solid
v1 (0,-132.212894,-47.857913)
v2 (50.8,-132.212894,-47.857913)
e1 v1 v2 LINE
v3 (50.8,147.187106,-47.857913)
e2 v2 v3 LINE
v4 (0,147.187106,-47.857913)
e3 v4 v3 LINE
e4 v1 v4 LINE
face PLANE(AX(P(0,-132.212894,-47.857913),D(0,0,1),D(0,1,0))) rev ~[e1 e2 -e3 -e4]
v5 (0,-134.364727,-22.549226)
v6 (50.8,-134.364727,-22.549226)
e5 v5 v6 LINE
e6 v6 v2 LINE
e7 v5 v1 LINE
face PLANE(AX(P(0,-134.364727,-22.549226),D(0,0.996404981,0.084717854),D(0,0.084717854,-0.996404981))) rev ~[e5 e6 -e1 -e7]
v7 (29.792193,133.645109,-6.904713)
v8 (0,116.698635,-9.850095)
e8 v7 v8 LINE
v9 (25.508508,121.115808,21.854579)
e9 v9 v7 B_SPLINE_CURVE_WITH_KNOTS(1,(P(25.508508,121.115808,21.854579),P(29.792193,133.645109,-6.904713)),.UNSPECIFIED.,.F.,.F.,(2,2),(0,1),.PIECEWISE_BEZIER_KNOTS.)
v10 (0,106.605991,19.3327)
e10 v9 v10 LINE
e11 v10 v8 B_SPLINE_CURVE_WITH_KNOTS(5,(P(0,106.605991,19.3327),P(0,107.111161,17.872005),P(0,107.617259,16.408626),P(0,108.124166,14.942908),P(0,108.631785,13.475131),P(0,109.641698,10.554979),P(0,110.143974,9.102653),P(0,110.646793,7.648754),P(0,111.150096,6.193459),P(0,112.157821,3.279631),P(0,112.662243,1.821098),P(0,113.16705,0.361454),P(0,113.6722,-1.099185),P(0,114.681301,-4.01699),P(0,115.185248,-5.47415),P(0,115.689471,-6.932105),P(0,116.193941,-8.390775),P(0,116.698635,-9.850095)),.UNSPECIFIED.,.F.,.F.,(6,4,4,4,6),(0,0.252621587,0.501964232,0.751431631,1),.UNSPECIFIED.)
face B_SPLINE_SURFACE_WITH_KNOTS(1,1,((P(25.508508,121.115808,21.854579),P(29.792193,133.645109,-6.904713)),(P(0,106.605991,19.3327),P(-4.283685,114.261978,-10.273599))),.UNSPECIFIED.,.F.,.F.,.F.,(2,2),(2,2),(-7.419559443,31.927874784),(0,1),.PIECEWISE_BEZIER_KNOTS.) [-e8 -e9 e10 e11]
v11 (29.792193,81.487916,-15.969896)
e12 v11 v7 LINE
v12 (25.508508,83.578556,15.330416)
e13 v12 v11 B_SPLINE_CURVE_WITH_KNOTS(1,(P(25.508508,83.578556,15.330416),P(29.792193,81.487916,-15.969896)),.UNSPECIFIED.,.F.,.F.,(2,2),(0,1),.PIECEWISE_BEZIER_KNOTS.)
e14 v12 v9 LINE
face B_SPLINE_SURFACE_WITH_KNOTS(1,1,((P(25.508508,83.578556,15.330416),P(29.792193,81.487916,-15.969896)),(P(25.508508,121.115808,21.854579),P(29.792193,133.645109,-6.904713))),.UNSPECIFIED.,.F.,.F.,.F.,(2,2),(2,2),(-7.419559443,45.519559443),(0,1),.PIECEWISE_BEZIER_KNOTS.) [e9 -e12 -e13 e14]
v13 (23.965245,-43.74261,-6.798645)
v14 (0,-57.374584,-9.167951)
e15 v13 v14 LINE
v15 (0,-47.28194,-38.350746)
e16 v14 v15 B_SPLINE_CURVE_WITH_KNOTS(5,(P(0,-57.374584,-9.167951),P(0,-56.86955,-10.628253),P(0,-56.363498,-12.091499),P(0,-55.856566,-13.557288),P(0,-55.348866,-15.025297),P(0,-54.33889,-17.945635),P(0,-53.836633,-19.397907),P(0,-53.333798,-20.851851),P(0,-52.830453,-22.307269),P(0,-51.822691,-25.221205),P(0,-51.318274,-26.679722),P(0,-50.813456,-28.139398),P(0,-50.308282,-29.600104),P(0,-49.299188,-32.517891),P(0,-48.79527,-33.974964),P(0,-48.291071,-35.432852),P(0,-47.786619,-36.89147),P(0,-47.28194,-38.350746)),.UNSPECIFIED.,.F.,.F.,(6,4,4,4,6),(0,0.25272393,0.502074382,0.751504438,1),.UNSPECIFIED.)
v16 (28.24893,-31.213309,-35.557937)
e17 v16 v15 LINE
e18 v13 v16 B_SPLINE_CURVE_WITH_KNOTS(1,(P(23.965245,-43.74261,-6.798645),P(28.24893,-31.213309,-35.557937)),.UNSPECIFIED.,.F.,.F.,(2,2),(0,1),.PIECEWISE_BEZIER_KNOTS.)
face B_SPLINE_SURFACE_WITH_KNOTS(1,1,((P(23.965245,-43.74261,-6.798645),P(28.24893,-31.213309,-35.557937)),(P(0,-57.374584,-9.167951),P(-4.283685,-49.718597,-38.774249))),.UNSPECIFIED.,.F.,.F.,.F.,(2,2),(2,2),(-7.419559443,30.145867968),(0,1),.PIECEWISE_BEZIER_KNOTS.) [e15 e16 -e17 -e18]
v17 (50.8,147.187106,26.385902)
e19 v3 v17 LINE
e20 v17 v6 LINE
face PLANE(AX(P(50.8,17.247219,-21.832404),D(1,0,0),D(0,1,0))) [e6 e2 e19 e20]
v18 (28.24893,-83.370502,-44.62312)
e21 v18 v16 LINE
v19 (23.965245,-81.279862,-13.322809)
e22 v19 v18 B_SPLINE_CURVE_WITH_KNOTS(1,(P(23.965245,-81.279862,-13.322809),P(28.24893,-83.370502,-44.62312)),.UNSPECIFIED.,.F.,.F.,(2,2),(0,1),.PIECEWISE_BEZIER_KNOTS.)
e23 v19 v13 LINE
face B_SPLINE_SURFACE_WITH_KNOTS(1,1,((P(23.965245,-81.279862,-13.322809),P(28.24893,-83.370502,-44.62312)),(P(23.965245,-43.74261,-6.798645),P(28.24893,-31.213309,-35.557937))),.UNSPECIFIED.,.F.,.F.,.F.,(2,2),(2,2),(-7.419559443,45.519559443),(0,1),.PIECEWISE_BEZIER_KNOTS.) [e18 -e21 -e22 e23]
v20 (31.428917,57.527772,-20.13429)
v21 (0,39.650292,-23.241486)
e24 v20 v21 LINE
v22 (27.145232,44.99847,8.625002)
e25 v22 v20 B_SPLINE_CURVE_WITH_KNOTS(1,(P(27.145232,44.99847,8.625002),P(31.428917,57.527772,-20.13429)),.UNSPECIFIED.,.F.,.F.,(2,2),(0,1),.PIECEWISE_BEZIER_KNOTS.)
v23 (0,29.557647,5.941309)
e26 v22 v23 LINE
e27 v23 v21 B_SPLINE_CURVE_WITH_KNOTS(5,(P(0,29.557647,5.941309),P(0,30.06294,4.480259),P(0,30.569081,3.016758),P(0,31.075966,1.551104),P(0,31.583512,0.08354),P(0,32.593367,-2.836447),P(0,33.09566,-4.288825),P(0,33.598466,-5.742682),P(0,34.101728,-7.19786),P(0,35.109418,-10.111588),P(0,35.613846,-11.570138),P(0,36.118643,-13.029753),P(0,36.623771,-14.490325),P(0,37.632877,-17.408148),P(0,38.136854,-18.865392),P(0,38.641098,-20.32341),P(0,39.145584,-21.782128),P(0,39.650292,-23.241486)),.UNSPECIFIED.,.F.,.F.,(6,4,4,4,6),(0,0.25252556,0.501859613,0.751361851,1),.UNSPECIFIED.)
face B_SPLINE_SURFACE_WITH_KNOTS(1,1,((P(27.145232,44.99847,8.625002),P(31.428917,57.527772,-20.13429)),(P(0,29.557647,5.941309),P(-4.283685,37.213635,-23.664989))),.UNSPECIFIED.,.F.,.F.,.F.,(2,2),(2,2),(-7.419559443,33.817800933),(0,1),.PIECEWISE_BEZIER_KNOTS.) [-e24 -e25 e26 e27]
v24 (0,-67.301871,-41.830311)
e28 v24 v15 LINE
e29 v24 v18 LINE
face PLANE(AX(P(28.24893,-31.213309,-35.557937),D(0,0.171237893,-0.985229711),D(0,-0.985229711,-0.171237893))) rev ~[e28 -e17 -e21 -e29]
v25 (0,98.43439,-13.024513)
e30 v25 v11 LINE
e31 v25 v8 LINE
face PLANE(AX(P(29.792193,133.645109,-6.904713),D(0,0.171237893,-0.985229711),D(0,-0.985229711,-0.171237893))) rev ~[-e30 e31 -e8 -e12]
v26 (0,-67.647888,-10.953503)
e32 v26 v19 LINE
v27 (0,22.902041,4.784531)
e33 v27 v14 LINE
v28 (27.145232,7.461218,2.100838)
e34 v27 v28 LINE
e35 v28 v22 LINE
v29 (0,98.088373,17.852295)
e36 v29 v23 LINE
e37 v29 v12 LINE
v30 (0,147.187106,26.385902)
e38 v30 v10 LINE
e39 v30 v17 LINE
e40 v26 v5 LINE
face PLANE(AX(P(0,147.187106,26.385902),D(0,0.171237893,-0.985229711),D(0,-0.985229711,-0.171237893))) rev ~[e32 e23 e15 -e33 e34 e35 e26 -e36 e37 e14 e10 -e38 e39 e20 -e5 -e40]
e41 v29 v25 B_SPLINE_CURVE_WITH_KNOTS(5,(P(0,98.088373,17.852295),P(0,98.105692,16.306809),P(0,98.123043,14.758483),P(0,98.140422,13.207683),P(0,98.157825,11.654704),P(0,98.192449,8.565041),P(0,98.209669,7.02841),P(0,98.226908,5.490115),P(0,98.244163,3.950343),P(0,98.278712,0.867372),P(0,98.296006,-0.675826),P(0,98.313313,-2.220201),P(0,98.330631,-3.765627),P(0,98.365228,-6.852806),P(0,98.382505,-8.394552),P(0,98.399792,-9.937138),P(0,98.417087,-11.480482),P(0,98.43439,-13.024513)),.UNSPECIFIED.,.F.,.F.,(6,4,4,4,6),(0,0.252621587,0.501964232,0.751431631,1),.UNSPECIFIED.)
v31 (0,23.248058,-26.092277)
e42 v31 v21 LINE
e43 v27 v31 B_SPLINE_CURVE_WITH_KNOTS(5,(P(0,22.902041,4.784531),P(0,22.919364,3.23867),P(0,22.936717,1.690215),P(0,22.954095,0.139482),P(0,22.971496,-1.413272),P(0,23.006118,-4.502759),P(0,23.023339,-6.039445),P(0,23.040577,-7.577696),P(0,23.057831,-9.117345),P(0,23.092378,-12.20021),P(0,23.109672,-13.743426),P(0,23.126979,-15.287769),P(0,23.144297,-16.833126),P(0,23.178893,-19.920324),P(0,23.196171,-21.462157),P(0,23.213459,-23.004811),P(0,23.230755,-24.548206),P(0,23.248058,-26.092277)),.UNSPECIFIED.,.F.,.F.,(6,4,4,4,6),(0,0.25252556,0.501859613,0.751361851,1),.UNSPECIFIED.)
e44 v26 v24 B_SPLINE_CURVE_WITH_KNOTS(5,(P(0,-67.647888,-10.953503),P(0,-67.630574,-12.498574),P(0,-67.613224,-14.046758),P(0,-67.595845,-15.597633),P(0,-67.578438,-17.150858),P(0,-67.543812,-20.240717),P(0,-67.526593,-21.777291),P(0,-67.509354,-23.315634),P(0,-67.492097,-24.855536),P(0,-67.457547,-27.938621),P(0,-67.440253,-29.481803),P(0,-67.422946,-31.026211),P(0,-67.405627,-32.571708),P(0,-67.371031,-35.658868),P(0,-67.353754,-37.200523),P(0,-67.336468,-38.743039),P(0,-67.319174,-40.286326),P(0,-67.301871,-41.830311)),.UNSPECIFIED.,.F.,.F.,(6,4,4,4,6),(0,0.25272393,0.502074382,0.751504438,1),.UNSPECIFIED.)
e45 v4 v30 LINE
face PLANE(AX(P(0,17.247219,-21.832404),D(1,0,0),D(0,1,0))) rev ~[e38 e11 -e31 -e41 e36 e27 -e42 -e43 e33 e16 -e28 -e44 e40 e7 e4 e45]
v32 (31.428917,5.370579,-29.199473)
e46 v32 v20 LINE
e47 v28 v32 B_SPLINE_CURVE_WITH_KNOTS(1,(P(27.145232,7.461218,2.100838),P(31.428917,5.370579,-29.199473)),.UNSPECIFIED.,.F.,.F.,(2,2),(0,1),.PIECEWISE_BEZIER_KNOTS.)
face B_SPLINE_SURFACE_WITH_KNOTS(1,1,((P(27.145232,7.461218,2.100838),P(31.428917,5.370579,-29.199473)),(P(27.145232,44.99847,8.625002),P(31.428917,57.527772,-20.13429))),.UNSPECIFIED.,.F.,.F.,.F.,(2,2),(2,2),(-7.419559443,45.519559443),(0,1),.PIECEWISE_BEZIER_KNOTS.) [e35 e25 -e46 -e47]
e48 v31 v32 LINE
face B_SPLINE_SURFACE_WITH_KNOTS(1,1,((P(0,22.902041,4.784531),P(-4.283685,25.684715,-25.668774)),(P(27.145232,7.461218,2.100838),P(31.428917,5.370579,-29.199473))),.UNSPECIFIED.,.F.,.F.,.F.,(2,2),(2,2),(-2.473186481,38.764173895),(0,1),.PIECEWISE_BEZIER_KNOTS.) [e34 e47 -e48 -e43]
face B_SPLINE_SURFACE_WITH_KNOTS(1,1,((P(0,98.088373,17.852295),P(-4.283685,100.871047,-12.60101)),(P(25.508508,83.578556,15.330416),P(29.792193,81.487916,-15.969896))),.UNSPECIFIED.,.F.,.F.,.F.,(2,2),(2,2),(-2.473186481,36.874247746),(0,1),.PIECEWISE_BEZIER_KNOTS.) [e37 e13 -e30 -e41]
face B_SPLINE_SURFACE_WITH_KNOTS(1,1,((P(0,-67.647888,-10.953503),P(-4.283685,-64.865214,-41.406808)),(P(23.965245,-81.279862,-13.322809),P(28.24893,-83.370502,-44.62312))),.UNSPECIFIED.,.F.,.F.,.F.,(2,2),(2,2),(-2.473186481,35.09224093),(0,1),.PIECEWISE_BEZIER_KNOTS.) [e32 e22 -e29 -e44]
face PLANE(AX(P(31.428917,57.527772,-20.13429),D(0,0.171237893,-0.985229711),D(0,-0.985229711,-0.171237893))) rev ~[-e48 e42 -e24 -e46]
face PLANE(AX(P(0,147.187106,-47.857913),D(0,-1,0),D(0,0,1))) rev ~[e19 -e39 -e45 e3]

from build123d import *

# Parameters (mm, degrees)
F1_DEPTH = 50.8
F3_DEPTH = 30.48
F3_TAPER = -8


with BuildPart() as f1:
    # F0 (on Right) → F1 (new body)
    with BuildSketch(Plane.YZ):
        Polygon((-134.3647271911, -22.5492262361), (-132.2128937073, -47.857912742), (147.1871062927, -47.857912742), (147.1871062927, 26.385902432), align=None)
    extrude(amount=F1_DEPTH)

    # F2 (on face) → F3 (cut)
    with BuildSketch(Plane(origin=(0, -0.1356486827, 0.780464594), x_dir=(1, 0, 0), z_dir=(0, -0.1712378928, 0.9852297113))):
        Polygon((23.9652451582, -44.2607051253), (0, -58.0970458686), (0, -68.524364382), (23.9652451582, -82.3607051253), align=None)
        Polygon((25.5085083311, 123.0692242943), (0, 108.3418801427), (0, 99.6965684458), (25.5085083311, 84.9692242943), align=None)
        Polygon((27.1452323874, 45.8107569695), (0, 30.1384497434), (0, 23.3830641955), (27.1452323874, 7.7107569695), align=None)
    extrude(amount=-F3_DEPTH, taper=F3_TAPER, mode=Mode.SUBTRACT)


solid = f1.part
